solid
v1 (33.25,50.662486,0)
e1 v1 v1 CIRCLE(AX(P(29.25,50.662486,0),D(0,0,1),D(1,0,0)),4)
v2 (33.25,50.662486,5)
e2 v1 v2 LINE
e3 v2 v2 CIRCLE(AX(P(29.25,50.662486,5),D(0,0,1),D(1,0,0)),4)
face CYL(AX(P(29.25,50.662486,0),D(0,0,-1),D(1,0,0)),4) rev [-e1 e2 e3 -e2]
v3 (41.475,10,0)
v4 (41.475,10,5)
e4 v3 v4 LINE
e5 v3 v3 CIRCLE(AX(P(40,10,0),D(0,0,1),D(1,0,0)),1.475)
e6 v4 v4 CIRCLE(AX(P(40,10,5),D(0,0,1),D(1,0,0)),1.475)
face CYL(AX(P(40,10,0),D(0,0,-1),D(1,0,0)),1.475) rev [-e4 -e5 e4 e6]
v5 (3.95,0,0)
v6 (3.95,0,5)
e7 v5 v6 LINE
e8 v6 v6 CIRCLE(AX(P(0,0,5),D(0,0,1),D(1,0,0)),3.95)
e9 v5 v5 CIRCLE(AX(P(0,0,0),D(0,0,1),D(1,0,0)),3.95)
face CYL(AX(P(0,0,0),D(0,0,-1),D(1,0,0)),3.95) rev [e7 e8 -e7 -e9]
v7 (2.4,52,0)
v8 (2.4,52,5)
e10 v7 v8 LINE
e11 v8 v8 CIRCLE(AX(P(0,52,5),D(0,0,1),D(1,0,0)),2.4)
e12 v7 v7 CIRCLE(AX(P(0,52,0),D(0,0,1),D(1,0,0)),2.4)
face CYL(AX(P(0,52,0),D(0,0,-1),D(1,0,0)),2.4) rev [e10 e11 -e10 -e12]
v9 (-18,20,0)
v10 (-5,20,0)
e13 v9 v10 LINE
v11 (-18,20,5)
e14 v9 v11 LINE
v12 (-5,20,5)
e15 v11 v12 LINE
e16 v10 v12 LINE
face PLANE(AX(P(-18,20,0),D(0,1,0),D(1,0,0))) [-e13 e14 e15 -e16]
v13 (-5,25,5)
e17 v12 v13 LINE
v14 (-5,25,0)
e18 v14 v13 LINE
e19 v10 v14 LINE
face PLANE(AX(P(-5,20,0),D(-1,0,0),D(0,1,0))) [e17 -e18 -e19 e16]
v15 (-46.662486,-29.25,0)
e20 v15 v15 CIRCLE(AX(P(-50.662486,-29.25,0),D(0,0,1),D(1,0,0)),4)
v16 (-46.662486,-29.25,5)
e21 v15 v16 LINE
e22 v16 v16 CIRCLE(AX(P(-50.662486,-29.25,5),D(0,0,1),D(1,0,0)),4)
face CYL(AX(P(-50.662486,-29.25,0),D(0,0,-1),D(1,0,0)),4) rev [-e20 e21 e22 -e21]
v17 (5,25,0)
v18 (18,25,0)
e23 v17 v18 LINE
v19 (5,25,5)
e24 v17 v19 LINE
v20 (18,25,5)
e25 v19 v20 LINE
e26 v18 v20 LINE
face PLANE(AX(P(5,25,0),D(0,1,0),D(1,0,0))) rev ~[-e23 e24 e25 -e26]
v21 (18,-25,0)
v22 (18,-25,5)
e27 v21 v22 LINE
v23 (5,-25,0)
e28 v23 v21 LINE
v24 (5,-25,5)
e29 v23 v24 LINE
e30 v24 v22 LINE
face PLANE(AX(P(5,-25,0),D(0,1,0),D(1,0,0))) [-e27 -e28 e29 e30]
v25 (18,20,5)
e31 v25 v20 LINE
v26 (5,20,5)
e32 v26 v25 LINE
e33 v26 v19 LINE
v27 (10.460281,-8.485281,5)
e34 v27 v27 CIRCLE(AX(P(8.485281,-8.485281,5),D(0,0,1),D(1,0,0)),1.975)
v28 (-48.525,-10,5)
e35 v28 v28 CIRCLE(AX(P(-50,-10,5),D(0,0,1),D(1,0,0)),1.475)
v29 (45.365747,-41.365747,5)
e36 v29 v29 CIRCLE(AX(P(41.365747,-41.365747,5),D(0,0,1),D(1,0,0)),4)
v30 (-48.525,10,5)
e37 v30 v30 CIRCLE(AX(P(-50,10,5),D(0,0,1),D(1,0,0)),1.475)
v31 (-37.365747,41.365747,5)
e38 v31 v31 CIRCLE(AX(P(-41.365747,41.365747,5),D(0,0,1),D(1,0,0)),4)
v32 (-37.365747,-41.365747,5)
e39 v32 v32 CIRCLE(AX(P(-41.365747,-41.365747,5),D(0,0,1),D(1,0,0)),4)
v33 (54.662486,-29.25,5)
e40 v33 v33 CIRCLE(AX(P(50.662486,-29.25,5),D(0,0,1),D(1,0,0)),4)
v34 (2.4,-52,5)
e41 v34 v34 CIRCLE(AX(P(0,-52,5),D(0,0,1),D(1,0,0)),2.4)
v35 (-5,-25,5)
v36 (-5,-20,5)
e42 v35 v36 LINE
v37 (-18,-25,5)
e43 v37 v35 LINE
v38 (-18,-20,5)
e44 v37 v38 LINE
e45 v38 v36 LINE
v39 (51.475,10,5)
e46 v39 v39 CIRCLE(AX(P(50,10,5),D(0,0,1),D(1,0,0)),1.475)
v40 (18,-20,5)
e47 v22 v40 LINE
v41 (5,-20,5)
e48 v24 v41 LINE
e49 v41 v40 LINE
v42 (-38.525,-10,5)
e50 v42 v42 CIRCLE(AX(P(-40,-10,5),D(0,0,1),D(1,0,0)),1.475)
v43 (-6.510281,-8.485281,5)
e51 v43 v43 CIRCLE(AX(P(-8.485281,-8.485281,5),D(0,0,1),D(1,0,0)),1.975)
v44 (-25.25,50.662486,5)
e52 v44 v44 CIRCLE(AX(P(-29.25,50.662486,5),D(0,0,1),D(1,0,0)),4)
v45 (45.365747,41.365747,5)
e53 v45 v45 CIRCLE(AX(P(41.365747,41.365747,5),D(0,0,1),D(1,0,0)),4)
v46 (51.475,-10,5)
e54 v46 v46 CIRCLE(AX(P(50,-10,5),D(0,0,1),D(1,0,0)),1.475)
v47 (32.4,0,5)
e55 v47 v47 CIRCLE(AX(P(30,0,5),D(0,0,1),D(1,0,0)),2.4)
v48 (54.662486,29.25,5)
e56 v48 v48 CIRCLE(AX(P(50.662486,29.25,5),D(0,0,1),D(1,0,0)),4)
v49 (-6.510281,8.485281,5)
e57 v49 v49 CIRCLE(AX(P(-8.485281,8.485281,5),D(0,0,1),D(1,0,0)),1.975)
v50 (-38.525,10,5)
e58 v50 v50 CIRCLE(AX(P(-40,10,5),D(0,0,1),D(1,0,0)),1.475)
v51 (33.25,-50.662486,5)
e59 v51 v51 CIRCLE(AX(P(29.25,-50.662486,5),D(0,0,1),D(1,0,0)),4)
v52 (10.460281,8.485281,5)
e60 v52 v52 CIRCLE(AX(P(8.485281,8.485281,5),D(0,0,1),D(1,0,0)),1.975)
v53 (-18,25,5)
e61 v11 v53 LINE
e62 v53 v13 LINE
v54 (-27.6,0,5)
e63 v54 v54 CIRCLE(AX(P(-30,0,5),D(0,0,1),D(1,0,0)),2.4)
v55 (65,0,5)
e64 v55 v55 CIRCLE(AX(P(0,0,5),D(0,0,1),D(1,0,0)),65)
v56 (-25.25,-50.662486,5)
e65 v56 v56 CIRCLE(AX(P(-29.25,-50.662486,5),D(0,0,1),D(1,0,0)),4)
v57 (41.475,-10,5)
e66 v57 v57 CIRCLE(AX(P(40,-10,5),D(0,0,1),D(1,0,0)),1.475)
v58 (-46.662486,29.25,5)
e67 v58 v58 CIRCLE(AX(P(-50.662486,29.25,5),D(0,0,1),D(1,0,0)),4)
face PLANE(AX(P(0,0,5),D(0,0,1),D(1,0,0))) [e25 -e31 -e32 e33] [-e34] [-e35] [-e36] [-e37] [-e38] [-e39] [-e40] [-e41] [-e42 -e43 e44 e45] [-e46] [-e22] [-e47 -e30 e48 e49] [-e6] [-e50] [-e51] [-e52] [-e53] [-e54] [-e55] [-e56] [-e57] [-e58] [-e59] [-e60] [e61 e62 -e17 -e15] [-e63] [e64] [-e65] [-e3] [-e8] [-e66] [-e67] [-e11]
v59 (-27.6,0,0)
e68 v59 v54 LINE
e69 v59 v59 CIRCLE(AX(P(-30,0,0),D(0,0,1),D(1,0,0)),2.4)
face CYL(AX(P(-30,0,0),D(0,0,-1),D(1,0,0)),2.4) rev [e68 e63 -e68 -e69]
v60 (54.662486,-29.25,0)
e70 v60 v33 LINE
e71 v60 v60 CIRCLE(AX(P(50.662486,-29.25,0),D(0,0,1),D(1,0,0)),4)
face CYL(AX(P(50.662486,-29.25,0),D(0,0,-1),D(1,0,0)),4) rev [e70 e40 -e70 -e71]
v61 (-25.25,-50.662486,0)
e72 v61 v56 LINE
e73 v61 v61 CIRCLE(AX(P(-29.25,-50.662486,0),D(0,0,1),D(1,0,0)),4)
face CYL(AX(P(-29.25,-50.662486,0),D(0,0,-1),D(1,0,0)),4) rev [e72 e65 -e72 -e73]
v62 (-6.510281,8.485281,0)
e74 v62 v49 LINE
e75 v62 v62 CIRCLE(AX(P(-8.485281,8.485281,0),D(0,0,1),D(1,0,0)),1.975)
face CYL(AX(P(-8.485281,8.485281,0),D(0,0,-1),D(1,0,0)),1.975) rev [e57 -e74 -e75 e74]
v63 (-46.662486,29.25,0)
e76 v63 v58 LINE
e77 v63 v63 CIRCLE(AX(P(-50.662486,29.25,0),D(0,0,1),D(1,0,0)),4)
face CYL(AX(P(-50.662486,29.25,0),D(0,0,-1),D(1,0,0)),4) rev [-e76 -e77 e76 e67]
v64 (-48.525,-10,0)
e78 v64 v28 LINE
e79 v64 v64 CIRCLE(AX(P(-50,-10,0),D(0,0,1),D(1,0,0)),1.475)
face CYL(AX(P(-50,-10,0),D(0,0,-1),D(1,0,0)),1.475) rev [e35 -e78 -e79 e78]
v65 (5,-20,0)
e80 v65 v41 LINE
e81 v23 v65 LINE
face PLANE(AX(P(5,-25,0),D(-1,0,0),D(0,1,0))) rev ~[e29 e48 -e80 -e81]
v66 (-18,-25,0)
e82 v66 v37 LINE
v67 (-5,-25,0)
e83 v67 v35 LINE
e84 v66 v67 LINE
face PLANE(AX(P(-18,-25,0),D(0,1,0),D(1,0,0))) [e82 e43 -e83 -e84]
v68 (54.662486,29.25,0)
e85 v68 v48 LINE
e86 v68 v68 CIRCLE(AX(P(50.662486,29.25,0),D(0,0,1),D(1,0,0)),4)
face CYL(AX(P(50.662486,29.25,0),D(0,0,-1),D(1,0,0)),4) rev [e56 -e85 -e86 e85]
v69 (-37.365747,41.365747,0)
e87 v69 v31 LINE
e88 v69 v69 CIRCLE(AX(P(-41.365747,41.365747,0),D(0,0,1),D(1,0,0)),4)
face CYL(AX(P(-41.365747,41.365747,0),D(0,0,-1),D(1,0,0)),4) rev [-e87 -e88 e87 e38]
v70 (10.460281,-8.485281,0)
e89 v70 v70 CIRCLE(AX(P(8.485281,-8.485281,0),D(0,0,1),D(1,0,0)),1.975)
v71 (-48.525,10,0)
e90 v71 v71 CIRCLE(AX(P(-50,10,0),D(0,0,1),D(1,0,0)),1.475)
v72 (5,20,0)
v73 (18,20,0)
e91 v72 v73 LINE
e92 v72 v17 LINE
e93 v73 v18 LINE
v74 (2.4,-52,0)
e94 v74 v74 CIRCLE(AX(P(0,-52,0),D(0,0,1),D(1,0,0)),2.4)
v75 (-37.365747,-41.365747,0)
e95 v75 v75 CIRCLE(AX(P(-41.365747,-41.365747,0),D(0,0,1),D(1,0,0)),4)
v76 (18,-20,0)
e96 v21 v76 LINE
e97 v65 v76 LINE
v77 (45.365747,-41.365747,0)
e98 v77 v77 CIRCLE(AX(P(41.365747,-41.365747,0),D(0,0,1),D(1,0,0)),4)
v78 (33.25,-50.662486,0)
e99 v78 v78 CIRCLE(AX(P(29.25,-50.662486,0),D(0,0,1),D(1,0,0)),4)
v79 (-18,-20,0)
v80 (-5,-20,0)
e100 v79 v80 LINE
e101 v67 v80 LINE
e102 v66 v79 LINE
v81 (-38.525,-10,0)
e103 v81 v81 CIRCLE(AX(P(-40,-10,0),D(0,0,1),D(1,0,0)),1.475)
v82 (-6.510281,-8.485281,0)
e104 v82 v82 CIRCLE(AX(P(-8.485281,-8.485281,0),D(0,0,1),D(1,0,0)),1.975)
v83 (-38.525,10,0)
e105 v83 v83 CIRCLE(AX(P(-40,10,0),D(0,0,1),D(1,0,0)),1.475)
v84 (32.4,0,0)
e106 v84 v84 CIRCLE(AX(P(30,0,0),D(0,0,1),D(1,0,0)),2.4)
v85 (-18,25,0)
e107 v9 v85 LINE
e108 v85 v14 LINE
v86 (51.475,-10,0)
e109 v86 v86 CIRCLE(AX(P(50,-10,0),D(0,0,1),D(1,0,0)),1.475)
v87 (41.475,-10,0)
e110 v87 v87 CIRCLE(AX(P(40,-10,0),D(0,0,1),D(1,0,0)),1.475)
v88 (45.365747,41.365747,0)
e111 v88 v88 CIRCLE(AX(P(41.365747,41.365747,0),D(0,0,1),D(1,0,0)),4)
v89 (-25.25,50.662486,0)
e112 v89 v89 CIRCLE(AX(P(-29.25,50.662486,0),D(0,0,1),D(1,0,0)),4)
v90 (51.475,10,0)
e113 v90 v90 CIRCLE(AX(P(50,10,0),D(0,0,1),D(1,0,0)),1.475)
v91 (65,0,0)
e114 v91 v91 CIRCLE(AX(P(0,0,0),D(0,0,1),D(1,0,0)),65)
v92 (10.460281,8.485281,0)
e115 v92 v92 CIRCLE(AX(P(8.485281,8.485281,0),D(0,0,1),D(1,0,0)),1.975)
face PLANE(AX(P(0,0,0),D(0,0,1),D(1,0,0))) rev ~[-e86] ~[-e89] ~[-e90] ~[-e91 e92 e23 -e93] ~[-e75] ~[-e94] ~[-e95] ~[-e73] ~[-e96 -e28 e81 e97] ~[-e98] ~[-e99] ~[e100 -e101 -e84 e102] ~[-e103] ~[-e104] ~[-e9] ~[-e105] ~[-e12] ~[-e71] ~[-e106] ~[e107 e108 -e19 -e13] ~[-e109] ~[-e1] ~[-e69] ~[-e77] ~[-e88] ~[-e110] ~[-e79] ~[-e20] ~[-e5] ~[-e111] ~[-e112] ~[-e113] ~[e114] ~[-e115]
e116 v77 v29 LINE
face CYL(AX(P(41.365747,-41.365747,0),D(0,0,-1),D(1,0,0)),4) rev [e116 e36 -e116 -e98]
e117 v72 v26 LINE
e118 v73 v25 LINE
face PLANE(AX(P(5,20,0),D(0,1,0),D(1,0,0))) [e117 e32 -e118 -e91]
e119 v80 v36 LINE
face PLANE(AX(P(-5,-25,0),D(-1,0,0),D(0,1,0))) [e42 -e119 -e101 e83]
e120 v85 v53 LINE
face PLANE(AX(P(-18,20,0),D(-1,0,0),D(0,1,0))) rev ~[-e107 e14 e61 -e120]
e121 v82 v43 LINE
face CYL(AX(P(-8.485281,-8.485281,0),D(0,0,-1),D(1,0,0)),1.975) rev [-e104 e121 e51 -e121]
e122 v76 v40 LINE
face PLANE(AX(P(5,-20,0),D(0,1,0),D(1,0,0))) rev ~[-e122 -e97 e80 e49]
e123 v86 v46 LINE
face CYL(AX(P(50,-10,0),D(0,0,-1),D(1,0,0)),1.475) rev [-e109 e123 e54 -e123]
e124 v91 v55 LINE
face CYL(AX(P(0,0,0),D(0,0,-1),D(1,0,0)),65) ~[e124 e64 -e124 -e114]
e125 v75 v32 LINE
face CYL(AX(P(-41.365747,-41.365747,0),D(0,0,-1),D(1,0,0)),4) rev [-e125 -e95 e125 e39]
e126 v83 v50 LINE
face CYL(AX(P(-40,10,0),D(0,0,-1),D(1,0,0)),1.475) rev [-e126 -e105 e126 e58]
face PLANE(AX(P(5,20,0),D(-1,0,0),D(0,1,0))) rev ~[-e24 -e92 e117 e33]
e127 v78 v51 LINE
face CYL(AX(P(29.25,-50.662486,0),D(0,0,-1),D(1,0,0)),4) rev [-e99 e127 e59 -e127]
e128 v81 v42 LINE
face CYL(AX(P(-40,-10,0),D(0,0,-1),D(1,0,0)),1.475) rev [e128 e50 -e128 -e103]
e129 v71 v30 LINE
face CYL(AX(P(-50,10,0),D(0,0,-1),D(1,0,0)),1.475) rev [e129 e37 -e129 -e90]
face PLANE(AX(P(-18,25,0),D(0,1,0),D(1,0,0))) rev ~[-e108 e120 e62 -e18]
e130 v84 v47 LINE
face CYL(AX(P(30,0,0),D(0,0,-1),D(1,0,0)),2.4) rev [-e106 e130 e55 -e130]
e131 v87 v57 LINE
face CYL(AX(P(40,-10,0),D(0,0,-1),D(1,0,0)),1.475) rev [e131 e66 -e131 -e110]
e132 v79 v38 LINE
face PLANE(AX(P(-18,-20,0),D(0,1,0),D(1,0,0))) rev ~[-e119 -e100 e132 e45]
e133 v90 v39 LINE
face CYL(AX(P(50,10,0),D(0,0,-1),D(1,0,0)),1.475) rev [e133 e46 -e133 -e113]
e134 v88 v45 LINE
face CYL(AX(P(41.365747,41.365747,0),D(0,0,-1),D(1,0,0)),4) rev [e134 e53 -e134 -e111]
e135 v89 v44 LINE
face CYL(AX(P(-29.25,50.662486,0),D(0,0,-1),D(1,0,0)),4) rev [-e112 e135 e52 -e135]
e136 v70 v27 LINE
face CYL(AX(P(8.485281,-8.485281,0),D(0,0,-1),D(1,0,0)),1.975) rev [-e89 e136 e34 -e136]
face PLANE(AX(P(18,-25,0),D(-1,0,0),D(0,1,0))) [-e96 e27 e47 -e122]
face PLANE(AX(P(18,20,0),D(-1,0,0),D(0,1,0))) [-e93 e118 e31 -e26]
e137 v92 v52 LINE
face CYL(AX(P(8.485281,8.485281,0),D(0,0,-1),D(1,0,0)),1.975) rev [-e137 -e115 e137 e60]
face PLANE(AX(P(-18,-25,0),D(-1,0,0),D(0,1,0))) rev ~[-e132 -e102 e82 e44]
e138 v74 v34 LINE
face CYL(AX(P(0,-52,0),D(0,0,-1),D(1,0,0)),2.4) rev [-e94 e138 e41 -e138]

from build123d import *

# Parameters (mm, degrees)
SKETCH1_R           = 65
SKETCH1_R_2         = 3.95
SKETCH1_R_3         = 2.4
SKETCH1_R_4         = 4
SKETCH1_R_5         = 1.475
SKETCH1_R_6         = 1.975
SKETCH1_W           = 13
SKETCH1_H           = 5
BOSS_EXTRUDE1_DEPTH = 5


with BuildPart() as part:
    # Sketch1 → Boss-Extrude1 (new body)
    with BuildSketch(Plane.XY):
        Circle(SKETCH1_R)
        Circle(SKETCH1_R_2, mode=Mode.SUBTRACT)
        with Locations((0, 52)):
            Circle(SKETCH1_R_3, mode=Mode.SUBTRACT)
        with Locations((-30, 0)):
            Circle(SKETCH1_R_3, mode=Mode.SUBTRACT)
        with Locations((0, -52)):
            Circle(SKETCH1_R_3, mode=Mode.SUBTRACT)
        with Locations((30, 0)):
            Circle(SKETCH1_R_3, mode=Mode.SUBTRACT)
        with Locations((-41.365746699, 41.365746699)):
            Circle(SKETCH1_R_4, mode=Mode.SUBTRACT)
        with Locations((-29.25, 50.662486121)):
            Circle(SKETCH1_R_4, mode=Mode.SUBTRACT)
        with Locations((-50.662486121, 29.25)):
            Circle(SKETCH1_R_4, mode=Mode.SUBTRACT)
        with Locations((50.662486121, 29.25)):
            Circle(SKETCH1_R_4, mode=Mode.SUBTRACT)
        with Locations((41.365746699, 41.365746699)):
            Circle(SKETCH1_R_4, mode=Mode.SUBTRACT)
        with Locations((29.25, 50.662486121)):
            Circle(SKETCH1_R_4, mode=Mode.SUBTRACT)
        with Locations((50.662486121, -29.25)):
            Circle(SKETCH1_R_4, mode=Mode.SUBTRACT)
        with Locations((41.365746699, -41.365746699)):
            Circle(SKETCH1_R_4, mode=Mode.SUBTRACT)
        with Locations((29.25, -50.662486121)):
            Circle(SKETCH1_R_4, mode=Mode.SUBTRACT)
        with Locations((-29.25, -50.662486121)):
            Circle(SKETCH1_R_4, mode=Mode.SUBTRACT)
        with Locations((-41.365746699, -41.365746699)):
            Circle(SKETCH1_R_4, mode=Mode.SUBTRACT)
        with Locations((-50.662486121, -29.25)):
            Circle(SKETCH1_R_4, mode=Mode.SUBTRACT)
        with Locations((-40, 10)):
            Circle(SKETCH1_R_5, mode=Mode.SUBTRACT)
        with Locations((-50, 10)):
            Circle(SKETCH1_R_5, mode=Mode.SUBTRACT)
        with Locations((-40, -10)):
            Circle(SKETCH1_R_5, mode=Mode.SUBTRACT)
        with Locations((-50, -10)):
            Circle(SKETCH1_R_5, mode=Mode.SUBTRACT)
        with Locations((50, -10)):
            Circle(SKETCH1_R_5, mode=Mode.SUBTRACT)
        with Locations((40, -10)):
            Circle(SKETCH1_R_5, mode=Mode.SUBTRACT)
        with Locations((40, 10)):
            Circle(SKETCH1_R_5, mode=Mode.SUBTRACT)
        with Locations((50, 10)):
            Circle(SKETCH1_R_5, mode=Mode.SUBTRACT)
        with Locations((-8.485281374, 8.485281374)):
            Circle(SKETCH1_R_6, mode=Mode.SUBTRACT)
        with Locations((8.485281374, 8.485281374)):
            Circle(SKETCH1_R_6, mode=Mode.SUBTRACT)
        with Locations((8.485281374, -8.485281374)):
            Circle(SKETCH1_R_6, mode=Mode.SUBTRACT)
        with Locations((-8.485281374, -8.485281374)):
            Circle(SKETCH1_R_6, mode=Mode.SUBTRACT)
        with Locations((11.5, 22.5)):
            Rectangle(SKETCH1_W, SKETCH1_H, mode=Mode.SUBTRACT)
        with Locations((-11.5, 22.5)):
            Rectangle(SKETCH1_W, SKETCH1_H, mode=Mode.SUBTRACT)
        with Locations((11.5, -22.5)):
            Rectangle(SKETCH1_W, SKETCH1_H, mode=Mode.SUBTRACT)
        with Locations((-11.5, -22.5)):
            Rectangle(SKETCH1_W, SKETCH1_H, mode=Mode.SUBTRACT)
    extrude(amount=BOSS_EXTRUDE1_DEPTH)


solid = part.part
